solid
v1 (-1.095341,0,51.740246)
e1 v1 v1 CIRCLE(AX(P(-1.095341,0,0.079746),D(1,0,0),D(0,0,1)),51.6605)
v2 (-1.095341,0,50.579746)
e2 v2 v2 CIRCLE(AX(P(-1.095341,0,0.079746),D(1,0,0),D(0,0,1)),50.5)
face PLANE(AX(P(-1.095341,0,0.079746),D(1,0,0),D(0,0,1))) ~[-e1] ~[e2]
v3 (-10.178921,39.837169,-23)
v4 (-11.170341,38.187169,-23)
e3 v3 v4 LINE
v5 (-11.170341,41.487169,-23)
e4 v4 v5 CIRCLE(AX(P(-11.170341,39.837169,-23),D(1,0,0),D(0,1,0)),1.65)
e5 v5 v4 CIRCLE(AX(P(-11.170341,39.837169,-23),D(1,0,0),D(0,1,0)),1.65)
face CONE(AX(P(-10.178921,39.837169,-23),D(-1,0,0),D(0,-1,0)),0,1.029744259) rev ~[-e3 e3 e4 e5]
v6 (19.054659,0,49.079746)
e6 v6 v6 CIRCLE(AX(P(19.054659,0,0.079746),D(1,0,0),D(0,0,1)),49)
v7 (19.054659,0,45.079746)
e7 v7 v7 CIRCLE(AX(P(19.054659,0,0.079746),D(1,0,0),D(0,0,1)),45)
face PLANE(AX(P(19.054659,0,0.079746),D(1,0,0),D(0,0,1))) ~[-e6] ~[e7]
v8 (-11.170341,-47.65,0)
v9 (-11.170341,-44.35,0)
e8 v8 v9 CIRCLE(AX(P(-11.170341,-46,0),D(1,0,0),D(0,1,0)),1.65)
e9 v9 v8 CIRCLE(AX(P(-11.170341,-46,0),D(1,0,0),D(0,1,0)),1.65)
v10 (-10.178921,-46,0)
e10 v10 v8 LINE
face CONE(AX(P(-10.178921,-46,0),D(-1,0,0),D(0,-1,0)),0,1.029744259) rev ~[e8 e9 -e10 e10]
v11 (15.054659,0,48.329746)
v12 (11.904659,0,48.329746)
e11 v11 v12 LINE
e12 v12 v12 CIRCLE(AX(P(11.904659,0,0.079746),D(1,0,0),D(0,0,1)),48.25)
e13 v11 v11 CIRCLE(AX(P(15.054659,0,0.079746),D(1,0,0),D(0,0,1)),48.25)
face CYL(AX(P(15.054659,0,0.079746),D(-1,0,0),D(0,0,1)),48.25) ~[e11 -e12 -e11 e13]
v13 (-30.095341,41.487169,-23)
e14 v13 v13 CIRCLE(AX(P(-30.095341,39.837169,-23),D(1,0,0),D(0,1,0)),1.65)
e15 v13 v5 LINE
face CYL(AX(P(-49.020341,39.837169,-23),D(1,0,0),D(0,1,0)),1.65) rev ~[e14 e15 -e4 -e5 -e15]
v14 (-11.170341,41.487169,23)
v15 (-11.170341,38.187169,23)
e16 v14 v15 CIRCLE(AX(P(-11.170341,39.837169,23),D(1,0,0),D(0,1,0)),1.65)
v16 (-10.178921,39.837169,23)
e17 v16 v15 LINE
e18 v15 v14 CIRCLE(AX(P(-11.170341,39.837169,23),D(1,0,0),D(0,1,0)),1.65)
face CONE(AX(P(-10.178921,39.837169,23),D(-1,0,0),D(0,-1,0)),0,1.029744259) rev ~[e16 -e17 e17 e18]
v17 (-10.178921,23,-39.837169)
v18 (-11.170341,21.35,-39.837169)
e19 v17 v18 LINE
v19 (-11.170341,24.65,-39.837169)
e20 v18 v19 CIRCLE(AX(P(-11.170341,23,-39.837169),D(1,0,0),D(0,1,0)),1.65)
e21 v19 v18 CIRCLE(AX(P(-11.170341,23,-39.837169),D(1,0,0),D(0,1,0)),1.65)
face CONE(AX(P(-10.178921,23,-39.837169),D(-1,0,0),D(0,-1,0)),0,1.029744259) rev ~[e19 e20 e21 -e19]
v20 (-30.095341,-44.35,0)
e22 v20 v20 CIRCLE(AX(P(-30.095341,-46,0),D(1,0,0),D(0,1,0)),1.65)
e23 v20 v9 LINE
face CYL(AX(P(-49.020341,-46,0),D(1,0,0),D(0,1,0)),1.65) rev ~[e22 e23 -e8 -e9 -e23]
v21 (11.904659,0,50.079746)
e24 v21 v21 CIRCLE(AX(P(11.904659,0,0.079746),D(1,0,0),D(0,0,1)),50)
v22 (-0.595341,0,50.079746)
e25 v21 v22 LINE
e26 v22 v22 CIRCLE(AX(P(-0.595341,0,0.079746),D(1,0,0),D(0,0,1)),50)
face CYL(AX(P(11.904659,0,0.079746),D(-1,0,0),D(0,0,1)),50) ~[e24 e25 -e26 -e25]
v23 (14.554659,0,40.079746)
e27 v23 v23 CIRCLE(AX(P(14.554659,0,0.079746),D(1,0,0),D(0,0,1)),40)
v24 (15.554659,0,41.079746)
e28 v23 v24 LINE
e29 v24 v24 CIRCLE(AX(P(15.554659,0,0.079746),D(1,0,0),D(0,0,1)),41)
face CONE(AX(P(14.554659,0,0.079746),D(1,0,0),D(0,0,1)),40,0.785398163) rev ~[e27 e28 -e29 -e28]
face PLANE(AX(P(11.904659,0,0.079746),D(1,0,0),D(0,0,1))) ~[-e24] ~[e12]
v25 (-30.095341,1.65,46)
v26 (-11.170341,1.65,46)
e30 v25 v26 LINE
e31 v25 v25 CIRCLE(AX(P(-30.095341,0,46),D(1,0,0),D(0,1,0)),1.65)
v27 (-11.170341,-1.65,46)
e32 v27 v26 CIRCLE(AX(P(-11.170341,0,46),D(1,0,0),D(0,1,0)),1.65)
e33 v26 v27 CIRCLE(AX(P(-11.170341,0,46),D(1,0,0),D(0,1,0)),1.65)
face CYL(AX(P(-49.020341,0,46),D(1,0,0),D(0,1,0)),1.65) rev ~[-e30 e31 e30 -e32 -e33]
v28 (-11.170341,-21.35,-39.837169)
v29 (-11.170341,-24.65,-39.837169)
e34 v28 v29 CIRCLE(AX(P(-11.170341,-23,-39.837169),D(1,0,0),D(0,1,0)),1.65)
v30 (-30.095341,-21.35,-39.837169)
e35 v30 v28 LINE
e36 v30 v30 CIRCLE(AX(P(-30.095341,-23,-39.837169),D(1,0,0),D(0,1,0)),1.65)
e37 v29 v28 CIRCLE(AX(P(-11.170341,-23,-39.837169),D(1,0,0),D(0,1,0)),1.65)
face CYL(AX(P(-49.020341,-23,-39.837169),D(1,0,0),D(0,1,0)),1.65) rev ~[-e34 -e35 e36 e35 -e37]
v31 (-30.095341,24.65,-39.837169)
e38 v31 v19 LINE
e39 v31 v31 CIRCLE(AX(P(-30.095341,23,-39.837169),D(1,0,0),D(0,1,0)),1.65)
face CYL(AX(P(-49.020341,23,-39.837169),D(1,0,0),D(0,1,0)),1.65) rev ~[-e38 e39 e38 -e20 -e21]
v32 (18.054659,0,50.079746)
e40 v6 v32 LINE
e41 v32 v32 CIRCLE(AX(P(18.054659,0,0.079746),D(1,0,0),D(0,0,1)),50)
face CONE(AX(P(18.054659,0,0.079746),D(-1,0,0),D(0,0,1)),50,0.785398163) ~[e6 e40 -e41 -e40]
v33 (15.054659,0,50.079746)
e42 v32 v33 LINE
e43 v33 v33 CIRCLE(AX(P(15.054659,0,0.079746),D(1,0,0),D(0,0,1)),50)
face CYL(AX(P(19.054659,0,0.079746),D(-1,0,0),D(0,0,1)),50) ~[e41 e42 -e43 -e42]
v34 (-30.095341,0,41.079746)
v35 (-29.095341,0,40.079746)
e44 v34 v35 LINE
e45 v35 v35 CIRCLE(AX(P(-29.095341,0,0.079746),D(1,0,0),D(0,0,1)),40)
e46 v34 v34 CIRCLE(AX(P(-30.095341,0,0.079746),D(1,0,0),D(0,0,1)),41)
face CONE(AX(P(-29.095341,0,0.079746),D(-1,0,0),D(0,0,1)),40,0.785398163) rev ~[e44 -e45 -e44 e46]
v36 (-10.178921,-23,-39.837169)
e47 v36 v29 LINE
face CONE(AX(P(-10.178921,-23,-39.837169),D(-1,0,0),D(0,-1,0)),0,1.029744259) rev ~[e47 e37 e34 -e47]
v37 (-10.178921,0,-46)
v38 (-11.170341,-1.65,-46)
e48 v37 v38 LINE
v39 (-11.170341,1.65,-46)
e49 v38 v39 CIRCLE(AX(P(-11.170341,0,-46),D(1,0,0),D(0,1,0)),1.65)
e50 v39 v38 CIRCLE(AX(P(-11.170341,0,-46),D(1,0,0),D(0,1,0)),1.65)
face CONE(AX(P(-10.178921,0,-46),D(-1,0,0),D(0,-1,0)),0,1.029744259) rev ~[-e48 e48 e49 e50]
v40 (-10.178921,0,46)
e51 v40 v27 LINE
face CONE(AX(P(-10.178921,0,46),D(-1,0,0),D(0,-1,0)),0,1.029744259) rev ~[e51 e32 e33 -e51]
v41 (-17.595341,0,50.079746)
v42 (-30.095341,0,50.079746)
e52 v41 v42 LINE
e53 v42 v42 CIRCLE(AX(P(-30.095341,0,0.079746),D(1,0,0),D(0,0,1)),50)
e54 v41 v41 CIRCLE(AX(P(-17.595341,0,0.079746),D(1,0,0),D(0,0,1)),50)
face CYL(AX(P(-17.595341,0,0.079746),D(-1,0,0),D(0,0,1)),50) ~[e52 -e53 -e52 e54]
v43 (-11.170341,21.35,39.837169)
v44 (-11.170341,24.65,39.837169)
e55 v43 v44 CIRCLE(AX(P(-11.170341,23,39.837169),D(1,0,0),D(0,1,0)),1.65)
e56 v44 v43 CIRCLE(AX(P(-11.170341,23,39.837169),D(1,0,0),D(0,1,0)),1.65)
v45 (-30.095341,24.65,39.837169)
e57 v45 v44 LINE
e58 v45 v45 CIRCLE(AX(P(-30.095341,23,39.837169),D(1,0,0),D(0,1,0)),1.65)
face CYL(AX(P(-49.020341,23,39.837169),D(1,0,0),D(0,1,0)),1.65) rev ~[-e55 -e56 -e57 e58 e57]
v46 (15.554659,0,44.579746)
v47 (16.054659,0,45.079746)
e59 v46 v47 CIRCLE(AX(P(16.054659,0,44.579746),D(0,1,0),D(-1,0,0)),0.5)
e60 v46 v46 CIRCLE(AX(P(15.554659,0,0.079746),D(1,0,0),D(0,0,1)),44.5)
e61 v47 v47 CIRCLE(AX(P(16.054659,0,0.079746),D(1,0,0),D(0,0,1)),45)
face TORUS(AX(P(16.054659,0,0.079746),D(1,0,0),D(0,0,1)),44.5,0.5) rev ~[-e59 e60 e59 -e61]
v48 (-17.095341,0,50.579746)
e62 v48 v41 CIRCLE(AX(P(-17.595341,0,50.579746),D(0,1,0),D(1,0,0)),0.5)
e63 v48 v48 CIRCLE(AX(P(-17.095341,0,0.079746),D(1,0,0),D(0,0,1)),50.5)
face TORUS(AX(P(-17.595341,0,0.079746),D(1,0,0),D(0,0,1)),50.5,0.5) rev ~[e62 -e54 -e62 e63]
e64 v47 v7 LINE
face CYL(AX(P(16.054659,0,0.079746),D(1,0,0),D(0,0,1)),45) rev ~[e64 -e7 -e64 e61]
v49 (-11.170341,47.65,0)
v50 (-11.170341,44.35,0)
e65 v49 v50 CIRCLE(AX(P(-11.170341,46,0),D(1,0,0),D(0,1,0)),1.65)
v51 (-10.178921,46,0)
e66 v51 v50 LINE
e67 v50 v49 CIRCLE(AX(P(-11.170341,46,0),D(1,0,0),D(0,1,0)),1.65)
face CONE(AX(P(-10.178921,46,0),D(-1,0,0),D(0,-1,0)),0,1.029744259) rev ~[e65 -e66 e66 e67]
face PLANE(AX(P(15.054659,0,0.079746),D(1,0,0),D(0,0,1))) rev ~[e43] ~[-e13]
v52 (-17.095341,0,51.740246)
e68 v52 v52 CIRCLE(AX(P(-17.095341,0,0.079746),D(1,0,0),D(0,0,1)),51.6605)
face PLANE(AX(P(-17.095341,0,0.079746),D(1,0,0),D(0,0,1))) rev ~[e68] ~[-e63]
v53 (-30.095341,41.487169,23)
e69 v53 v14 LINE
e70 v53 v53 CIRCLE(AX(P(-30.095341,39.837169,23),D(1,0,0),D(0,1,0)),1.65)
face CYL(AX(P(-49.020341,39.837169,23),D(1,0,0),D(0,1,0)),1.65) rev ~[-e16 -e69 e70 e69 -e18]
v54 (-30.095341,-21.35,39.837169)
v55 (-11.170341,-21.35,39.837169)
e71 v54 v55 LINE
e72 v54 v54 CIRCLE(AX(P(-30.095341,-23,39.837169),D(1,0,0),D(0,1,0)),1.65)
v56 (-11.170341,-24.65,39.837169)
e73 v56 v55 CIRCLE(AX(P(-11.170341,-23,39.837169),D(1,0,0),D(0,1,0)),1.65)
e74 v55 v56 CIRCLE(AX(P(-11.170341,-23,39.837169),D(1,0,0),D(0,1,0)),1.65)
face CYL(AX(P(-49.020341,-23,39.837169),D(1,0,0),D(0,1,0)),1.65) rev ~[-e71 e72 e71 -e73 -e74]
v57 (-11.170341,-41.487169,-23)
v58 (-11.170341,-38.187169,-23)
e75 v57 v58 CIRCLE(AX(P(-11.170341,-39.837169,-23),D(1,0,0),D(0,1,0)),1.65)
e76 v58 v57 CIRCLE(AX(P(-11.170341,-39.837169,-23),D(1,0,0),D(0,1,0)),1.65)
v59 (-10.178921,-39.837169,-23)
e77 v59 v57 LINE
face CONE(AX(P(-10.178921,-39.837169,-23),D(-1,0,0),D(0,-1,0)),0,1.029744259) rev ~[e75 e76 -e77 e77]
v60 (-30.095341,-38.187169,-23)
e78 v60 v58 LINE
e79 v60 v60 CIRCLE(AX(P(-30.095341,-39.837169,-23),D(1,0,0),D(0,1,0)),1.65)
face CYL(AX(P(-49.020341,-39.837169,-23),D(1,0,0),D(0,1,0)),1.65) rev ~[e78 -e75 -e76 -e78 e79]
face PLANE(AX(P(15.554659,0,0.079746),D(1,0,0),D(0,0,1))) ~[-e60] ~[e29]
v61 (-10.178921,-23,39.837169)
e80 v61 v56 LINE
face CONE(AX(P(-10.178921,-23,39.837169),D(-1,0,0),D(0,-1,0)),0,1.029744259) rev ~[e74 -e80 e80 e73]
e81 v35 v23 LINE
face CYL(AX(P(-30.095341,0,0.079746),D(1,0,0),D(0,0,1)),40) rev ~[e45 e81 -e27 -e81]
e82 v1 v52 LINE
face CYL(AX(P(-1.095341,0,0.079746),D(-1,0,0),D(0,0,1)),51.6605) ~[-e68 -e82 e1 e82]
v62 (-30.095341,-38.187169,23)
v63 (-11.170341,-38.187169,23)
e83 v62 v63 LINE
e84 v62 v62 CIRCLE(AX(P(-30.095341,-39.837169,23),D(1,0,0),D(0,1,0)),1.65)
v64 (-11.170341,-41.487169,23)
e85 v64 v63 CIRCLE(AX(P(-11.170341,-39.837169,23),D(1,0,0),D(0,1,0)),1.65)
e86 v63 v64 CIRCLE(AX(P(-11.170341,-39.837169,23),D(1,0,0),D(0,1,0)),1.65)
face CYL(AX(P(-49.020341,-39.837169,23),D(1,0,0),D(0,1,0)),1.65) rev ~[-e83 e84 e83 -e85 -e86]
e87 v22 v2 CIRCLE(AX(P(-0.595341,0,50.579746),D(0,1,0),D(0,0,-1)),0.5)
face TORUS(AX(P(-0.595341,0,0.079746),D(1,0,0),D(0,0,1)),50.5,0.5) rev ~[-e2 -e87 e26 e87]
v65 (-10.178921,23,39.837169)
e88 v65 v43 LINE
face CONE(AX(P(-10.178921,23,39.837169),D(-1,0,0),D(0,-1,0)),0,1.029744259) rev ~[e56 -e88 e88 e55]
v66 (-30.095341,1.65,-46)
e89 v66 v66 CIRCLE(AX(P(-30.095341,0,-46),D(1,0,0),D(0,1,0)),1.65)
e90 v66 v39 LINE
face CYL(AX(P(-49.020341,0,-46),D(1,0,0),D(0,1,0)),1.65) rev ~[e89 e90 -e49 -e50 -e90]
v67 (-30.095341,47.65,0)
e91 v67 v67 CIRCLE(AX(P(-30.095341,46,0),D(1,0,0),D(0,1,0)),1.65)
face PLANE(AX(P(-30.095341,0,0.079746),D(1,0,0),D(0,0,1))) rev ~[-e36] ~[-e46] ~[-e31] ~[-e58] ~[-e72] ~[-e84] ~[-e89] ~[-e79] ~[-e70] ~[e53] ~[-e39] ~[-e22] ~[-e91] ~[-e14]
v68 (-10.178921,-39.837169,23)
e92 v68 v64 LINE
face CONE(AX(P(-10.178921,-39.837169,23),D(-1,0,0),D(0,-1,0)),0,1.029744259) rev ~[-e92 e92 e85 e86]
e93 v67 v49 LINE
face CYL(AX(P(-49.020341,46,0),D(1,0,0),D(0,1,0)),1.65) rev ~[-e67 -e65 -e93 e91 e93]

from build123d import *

# Parameters (mm, degrees)
F4_D     = 3.3
F4_DEPTH = 18.925
F4_TIP   = 0.9914200214
F5_SIZE  = 1


with BuildPart() as f1:
    # F0 (on Front) → F1 (revolve)
    with BuildSketch(Plane.XZ):
        with BuildLine():
            Line((-17.5953409282, 5.5167464038), (-30.0953409282, 5.5167464038))
            Line((-30.0953409282, 5.5167464038), (-30.0953409282, -4.4832535962))
            Line((-30.0953409282, -4.4832535962), (15.5546590718, -4.4832535962))
            Line((15.5546590718, -4.4832535962), (15.5546590718, 0.0167464038))
            ThreePointArc((15.5546590718, 0.0167464038), (15.7011056812, 0.3702997944), (16.0546590718, 0.5167464038))
            Line((16.0546590718, 0.5167464038), (19.0546590718, 0.5167464038))
            Line((19.0546590718, 0.5167464038), (19.0546590718, 5.5167464038))
            Line((19.0546590718, 5.5167464038), (15.0546590718, 5.5167464038))
            Line((15.0546590718, 5.5167464038), (15.0546590718, 3.7667464038))
            Line((15.0546590718, 3.7667464038), (11.9046590718, 3.7667464038))
            Line((11.9046590718, 3.7667464038), (11.9046590718, 5.5167464038))
            Line((11.9046590718, 5.5167464038), (-0.5953409282, 5.5167464038))
            ThreePointArc((-0.5953409282, 5.5167464038), (-0.9488943188, 5.6631930132), (-1.0953409282, 6.0167464038))
            Line((-1.0953409282, 6.0167464038), (-1.0953409282, 7.1772464038))
            Line((-1.0953409282, 7.1772464038), (-17.0953409282, 7.1772464038))
            Line((-17.0953409282, 7.1772464038), (-17.0953409282, 6.0167464038))
            ThreePointArc((-17.0953409282, 6.0167464038), (-17.2417875376, 5.6631930132), (-17.5953409282, 5.5167464038))
        make_face()
    revolve(axis=Axis((13.2239913882, 0, -44.4832535962), (1, 0, 0)))


with BuildPart() as f1_1:
    # F2: moved
    add(f1.part.moved(Location((0, 0, 44.563))))

    # F4
    with Locations(Plane(origin=(-30.0953409282, 0, 0), x_dir=(0, -1, 0), z_dir=(-1, 0, 0))):
        with Locations((0, 46), (23, 39.8371685741), (39.8371685741, 23), (46, 0), (39.8371685741, -23), (23, -39.8371685741), (0, -46), (-23, -39.8371685741), (-39.8371685741, -23), (-46, 0), (-39.8371685741, 23), (-23, 39.8371685741)):
            Hole(F4_D / 2, depth=F4_DEPTH)
            with Locations((0, 0, -(F4_DEPTH + F4_TIP / 2))):  # 118° drill point
                Cone(0, F4_D / 2, F4_TIP, mode=Mode.SUBTRACT)

    # F5
    f5_edges = [f1_1.edges().sort_by_distance(p)[0] for p in [
        (-30.095341, 0, -39.920254),
        (15.554659, 0, -39.920254),
        (-7.270341, 0, 40.079746),
        (19.054659, 0, -49.920254),
    ]]
    chamfer(f5_edges, length=F5_SIZE)


solid = f1_1.part
